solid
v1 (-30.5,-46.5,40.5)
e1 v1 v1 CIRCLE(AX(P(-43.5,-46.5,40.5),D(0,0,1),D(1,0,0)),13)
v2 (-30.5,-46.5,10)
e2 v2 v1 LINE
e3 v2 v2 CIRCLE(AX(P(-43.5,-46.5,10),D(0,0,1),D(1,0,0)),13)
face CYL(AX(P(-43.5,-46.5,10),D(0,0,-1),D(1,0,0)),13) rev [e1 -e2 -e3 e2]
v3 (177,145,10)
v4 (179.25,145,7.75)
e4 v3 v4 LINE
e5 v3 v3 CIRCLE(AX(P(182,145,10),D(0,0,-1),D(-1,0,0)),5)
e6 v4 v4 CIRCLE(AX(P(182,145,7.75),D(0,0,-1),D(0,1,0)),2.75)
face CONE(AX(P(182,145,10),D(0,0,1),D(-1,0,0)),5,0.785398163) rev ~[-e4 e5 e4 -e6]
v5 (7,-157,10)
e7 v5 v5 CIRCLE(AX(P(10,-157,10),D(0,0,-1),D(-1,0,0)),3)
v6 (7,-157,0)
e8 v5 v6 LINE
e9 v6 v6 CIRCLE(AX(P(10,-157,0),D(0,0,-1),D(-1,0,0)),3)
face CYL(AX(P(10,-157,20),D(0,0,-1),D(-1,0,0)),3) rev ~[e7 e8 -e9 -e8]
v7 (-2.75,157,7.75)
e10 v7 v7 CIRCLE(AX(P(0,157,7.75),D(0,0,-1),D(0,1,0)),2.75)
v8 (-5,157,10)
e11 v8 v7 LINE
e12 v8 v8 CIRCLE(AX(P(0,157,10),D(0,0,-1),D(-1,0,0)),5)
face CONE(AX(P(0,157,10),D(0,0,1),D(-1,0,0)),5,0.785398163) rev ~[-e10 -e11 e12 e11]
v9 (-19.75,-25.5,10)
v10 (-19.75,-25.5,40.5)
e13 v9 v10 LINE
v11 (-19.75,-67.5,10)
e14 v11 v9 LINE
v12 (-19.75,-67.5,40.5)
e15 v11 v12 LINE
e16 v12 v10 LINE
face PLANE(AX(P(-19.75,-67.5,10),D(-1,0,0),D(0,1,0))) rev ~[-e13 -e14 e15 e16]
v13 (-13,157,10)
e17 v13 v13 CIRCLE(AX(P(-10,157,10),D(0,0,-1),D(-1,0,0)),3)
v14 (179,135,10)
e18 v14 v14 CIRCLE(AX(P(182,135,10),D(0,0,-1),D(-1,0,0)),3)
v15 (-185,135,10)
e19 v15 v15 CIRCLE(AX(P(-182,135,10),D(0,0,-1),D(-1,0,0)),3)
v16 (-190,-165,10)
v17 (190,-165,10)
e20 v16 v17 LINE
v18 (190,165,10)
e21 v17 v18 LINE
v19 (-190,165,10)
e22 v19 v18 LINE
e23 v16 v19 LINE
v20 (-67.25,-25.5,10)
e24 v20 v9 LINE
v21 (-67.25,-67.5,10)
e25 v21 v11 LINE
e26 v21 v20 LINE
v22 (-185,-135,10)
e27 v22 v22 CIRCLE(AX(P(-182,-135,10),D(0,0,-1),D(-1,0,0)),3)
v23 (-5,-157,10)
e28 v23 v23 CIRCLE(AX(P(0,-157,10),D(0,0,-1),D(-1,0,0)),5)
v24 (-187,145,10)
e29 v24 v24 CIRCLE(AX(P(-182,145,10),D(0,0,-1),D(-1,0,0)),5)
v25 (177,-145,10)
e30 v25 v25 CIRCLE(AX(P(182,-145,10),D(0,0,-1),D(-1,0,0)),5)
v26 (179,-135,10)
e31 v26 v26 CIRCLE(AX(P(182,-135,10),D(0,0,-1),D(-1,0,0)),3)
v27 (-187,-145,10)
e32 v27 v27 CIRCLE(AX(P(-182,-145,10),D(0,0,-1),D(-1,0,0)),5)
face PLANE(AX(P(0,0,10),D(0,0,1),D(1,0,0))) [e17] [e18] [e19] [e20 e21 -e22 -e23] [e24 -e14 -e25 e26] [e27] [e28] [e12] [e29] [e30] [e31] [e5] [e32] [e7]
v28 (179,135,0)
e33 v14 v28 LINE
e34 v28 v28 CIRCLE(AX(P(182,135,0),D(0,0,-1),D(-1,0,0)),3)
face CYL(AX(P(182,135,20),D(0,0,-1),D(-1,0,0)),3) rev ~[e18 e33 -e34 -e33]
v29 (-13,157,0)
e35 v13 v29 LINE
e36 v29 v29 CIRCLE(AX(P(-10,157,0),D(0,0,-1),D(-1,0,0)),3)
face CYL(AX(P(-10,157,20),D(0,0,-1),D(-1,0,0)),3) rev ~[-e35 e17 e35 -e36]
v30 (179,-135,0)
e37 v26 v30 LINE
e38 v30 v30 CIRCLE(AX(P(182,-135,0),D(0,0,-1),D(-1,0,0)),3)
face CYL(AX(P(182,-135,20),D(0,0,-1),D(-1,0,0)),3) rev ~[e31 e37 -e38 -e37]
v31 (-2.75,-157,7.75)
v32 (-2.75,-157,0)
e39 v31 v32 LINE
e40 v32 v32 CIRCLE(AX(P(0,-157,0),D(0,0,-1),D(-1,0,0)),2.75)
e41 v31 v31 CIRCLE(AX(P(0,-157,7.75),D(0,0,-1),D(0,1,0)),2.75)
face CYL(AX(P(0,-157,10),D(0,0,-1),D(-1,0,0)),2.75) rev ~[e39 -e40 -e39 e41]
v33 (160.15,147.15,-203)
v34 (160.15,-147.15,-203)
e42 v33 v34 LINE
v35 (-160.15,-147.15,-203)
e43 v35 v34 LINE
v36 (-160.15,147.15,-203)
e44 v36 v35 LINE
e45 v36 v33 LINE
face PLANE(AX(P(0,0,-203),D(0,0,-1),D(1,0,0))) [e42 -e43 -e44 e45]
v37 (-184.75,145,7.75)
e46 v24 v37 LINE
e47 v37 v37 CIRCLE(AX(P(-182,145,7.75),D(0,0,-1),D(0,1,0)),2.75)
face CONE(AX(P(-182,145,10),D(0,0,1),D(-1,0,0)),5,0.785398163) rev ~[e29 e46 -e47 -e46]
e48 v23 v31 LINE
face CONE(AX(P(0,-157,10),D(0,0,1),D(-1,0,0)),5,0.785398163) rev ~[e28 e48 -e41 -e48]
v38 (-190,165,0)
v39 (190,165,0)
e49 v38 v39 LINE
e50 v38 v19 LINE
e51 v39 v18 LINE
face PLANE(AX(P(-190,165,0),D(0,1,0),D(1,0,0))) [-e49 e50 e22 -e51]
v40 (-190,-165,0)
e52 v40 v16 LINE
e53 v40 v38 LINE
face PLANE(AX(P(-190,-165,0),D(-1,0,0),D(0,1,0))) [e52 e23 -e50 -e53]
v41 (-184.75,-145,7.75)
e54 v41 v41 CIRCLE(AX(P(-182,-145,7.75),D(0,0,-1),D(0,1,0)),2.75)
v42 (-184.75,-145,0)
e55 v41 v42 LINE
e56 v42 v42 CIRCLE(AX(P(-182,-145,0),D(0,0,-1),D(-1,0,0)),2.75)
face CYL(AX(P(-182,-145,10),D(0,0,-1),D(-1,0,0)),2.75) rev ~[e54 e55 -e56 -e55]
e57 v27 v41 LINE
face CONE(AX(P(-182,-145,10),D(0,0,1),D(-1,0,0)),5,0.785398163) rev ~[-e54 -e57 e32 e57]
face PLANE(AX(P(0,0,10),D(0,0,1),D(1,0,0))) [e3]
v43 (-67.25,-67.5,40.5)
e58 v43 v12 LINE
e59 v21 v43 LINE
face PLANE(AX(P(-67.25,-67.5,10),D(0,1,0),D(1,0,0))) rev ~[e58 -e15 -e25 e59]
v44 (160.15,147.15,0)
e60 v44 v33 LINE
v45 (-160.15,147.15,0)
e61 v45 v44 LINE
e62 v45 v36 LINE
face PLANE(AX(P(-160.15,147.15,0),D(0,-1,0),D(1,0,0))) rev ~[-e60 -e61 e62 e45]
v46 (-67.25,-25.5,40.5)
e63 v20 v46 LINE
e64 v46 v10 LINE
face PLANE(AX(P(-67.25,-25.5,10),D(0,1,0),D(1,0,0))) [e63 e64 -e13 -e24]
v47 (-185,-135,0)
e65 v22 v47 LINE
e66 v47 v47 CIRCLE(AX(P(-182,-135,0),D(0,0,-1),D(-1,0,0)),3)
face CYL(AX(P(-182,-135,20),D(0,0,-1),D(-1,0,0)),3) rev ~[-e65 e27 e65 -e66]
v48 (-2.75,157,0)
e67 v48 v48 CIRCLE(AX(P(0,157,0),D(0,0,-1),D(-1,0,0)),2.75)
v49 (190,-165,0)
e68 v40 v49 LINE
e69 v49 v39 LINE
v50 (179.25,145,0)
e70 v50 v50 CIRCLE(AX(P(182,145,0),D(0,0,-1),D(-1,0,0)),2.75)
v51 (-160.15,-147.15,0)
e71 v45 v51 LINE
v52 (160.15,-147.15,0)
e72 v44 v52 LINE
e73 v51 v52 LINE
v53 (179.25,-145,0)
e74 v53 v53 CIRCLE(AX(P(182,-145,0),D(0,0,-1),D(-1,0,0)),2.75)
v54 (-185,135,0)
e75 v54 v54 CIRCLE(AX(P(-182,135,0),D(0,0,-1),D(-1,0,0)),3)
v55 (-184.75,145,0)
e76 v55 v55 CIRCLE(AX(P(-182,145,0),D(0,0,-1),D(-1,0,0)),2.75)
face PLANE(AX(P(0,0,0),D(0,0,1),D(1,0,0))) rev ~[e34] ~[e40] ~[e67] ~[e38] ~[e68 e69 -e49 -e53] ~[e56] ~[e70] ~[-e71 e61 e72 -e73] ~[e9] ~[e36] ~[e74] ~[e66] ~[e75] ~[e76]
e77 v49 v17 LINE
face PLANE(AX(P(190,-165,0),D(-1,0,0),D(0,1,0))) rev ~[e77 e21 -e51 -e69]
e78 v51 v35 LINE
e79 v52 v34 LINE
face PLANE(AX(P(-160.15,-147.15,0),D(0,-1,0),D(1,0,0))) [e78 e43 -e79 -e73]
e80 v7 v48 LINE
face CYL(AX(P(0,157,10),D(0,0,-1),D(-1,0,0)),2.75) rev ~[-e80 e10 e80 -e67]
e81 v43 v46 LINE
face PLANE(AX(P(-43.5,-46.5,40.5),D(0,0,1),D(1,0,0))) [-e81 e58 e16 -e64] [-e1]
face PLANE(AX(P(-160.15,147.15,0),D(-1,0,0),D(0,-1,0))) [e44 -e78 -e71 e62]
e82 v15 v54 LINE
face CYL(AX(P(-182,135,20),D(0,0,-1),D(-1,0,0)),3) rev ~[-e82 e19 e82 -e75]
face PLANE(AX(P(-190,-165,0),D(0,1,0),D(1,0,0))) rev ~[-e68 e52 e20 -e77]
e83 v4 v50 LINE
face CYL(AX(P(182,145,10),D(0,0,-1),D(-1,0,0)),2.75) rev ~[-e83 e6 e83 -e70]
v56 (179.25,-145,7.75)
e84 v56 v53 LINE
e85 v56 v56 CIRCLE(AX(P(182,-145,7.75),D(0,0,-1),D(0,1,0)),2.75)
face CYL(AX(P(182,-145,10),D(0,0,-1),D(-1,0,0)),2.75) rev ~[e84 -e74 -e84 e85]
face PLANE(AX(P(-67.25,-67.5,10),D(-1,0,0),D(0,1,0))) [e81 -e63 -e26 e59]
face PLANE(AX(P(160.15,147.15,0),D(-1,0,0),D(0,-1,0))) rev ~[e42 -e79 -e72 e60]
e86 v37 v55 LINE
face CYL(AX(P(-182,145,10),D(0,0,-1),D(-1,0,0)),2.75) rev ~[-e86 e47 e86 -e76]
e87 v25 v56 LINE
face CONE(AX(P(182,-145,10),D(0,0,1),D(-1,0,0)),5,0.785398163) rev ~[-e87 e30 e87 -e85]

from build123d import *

# Parameters (mm, degrees)
F0_W           = 380
F0_H           = 330
F1_DEPTH       = 10
F2_W           = 320.3
F2_H           = 294.3
F3_DEPTH       = 203
F4_W           = 47.5
F4_H           = 42
F4_R           = 13
F5_DEPTH       = 30.5
F7_D           = 6
F7_DEPTH       = 10
F8_D           = 5.5
F8_DEPTH       = 10
F8_CSINK_D     = 10
F8_CSINK_ANGLE = 90


with BuildPart() as f1:
    # F0 (on Top) → F1 (new body)
    with BuildSketch(Plane.XY):
        Rectangle(F0_W, F0_H)
    extrude(amount=F1_DEPTH)

    # F2 (on face) → F3 (join)
    with BuildSketch(Plane(origin=(0, 0, 0), x_dir=(1, 0, 0), z_dir=(0, 0, -1))):
        Rectangle(F2_W, F2_H)
    extrude(amount=F3_DEPTH)

    # F4 (on face) → F5 (join)
    with BuildSketch(Plane.XY.offset(10)):
        with Locations((-43.5, -46.5)):
            Rectangle(F4_W, F4_H)
        with Locations((-43.5, -46.5)):
            Circle(F4_R, mode=Mode.SUBTRACT)
    extrude(amount=F5_DEPTH)

    # F7
    with Locations(Plane.XY.offset(10)):
        with Locations((-182, 135), (-182, -135), (182, 135), (182, -135), (10, -157), (-10, 157)):
            Hole(F7_D / 2, depth=F7_DEPTH)

    # F8
    with Locations(Plane.XY.offset(10)):
        with Locations((-182, 145), (182, 145), (-182, -145), (182, -145), (0, -157), (0, 157)):
            CounterSinkHole(F8_D / 2, F8_CSINK_D / 2, depth=F8_DEPTH, counter_sink_angle=F8_CSINK_ANGLE)


solid = f1.part
